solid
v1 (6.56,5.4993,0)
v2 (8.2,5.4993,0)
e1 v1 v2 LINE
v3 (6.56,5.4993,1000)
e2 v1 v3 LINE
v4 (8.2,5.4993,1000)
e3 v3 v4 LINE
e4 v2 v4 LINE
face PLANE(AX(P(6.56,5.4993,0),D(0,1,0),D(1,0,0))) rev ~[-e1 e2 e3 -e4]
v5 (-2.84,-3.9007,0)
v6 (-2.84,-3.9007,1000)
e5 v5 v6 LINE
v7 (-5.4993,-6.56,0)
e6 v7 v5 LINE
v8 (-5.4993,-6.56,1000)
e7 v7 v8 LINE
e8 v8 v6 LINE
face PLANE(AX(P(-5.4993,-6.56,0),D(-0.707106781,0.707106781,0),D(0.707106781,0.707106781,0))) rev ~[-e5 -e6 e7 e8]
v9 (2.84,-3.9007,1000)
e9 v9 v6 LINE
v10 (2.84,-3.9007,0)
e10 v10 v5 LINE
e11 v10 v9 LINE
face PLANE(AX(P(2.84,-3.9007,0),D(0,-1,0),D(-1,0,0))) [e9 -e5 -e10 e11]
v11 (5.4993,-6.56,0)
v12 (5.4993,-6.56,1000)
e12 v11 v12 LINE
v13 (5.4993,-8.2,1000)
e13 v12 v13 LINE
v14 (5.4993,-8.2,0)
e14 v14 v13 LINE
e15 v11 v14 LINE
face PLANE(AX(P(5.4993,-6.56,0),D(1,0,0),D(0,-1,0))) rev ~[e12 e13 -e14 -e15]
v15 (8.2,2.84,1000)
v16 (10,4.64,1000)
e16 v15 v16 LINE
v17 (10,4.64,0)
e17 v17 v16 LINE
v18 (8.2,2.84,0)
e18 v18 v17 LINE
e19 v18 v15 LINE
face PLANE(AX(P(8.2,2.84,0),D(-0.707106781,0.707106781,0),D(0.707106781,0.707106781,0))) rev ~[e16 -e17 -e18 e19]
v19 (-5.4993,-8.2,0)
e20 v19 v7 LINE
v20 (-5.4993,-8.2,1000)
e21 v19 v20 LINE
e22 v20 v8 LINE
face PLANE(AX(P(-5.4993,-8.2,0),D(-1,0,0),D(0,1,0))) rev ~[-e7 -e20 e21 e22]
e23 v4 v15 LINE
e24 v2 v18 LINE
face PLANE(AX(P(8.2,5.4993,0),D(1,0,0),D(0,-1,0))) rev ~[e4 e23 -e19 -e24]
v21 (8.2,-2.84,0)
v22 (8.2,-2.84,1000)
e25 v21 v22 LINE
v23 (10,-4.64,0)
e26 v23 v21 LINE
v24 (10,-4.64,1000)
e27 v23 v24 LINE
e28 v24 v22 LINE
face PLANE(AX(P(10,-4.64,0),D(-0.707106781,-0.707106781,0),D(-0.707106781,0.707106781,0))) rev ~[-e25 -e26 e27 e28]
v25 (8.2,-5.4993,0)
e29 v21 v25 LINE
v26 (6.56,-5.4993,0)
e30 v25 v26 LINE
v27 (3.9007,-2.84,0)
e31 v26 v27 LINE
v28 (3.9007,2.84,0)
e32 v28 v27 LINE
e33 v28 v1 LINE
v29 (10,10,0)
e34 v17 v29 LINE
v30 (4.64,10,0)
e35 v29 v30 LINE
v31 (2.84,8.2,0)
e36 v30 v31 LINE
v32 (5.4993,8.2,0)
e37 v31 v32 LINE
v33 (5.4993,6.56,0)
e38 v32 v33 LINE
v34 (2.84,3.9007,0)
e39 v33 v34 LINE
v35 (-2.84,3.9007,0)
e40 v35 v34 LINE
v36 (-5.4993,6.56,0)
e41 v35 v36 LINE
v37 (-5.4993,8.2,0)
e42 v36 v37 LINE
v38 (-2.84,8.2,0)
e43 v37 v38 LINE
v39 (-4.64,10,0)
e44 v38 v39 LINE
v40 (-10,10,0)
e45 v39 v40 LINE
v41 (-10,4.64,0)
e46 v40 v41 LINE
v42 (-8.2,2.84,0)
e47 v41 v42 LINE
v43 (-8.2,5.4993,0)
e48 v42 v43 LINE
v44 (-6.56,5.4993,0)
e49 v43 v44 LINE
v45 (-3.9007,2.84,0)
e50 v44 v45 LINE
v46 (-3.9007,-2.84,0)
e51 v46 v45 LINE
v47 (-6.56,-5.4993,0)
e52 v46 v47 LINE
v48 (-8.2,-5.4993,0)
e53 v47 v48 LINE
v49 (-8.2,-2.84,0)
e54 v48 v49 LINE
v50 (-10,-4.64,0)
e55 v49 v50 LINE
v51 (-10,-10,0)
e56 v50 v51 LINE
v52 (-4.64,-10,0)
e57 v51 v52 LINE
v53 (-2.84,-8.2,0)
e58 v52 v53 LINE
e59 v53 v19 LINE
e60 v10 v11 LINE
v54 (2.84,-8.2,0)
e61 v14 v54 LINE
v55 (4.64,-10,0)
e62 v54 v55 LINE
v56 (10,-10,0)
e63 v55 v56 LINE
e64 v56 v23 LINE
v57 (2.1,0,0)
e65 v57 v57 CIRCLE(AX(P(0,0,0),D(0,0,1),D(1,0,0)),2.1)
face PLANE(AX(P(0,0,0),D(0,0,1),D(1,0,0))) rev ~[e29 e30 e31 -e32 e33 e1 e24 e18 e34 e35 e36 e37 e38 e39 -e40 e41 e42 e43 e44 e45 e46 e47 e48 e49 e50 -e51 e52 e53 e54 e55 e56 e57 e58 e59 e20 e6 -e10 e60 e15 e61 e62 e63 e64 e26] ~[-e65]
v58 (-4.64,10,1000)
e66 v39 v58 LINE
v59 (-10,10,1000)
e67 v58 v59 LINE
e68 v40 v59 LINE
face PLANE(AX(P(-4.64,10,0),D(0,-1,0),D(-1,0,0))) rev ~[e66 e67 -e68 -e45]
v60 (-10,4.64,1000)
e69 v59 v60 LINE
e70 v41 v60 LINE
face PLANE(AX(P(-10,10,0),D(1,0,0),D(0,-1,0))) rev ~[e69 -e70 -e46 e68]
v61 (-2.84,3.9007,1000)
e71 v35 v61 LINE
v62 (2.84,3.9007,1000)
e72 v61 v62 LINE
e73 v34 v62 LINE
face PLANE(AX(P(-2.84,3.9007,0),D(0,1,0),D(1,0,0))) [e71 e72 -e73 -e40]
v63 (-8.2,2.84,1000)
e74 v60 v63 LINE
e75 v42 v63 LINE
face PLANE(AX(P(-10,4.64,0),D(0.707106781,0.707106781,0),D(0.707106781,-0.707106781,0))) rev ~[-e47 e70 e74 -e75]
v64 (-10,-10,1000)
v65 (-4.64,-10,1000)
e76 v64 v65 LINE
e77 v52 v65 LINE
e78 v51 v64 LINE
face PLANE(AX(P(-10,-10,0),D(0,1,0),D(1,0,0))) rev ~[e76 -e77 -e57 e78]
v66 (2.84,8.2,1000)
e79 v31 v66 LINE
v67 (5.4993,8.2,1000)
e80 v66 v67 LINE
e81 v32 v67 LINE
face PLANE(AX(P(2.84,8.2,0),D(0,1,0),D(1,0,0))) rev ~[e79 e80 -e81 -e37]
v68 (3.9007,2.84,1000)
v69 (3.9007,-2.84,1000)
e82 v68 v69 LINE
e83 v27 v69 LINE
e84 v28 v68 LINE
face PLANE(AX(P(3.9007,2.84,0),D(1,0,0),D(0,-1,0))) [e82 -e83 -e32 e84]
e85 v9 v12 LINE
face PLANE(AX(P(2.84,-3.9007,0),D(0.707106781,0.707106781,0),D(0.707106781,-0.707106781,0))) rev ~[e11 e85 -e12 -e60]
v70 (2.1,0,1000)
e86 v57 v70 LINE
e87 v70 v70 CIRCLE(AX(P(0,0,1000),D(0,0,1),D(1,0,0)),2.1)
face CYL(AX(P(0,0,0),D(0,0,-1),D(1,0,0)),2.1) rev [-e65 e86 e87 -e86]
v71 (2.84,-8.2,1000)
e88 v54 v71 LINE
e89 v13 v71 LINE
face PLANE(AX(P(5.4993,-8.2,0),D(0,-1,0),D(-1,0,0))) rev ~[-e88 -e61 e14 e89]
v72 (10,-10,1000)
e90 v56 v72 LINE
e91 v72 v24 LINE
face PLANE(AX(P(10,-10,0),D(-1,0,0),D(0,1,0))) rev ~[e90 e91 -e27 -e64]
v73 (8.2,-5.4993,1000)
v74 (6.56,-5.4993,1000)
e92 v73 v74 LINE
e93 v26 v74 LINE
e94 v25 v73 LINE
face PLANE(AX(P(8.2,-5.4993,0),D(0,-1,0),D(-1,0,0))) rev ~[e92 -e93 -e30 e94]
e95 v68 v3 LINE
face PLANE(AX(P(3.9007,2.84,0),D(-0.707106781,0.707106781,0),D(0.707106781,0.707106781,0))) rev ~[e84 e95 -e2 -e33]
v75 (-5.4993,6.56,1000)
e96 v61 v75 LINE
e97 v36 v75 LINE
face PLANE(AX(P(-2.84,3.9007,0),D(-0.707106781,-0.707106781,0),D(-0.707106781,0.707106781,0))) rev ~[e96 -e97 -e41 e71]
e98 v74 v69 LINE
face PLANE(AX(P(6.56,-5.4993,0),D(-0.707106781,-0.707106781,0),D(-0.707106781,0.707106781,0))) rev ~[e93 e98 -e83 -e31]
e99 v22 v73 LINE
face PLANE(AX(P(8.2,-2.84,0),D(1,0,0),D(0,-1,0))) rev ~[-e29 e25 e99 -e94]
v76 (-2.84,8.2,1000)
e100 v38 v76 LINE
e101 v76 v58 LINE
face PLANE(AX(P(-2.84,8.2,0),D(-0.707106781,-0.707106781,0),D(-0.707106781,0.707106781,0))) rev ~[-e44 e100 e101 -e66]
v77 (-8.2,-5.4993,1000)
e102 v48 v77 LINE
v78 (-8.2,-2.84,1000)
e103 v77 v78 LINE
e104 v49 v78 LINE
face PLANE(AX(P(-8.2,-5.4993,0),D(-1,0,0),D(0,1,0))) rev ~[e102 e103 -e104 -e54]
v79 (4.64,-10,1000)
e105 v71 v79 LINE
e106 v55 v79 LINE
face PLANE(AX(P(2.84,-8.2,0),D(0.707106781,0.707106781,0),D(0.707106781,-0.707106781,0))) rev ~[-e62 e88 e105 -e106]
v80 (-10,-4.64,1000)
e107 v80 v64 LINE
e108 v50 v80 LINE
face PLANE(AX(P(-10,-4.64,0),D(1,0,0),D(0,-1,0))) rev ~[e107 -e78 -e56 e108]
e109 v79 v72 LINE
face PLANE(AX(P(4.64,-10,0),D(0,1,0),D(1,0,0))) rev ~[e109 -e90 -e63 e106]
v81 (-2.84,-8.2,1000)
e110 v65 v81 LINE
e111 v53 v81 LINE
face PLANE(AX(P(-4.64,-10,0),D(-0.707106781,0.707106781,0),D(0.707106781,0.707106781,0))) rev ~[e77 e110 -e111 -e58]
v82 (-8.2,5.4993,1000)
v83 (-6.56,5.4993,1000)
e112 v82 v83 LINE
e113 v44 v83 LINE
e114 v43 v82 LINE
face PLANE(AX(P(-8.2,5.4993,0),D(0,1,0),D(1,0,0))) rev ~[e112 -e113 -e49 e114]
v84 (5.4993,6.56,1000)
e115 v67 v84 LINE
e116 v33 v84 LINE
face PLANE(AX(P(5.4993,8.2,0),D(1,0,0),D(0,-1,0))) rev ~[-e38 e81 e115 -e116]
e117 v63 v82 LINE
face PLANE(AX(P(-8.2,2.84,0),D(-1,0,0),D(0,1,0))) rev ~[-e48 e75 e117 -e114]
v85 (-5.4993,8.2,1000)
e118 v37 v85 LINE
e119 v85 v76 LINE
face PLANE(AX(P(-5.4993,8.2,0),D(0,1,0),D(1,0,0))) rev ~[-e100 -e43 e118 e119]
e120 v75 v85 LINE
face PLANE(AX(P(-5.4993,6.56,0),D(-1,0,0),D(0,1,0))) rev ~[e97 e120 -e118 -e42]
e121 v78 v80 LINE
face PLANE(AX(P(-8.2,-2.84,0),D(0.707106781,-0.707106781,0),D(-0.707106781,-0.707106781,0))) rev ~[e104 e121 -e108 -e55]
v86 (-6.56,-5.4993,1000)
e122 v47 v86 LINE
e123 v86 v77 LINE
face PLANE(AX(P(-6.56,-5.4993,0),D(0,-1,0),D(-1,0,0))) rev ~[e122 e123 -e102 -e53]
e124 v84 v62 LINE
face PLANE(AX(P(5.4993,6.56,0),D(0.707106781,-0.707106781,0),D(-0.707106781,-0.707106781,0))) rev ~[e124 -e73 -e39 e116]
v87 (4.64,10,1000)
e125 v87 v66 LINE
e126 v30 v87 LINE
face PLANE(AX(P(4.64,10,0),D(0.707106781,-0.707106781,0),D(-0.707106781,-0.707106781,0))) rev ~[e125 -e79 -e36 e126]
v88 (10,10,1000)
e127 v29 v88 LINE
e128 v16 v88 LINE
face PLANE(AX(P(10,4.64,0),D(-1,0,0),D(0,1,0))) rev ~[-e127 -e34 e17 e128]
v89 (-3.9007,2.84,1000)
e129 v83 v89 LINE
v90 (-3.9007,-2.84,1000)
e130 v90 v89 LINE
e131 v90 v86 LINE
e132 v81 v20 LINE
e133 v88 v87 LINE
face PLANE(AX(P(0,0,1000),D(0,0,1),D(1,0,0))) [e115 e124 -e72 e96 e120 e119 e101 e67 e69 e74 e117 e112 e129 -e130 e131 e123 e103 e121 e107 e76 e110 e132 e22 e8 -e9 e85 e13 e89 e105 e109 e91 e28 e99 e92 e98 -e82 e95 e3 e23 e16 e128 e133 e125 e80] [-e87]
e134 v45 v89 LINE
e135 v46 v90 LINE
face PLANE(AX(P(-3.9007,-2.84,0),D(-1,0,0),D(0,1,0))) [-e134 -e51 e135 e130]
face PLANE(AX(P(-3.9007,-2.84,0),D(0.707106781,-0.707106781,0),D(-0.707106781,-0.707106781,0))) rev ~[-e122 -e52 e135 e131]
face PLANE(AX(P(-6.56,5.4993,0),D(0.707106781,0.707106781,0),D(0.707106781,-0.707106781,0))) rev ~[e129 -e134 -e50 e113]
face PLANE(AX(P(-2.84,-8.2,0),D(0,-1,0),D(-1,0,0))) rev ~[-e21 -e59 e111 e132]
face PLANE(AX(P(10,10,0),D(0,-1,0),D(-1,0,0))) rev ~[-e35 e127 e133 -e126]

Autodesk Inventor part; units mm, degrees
ref_plane "YZ Plane" through (0, 0, 0) normal (1, 0, 0) x (0, 1, 0)
ref_plane "XZ Plane" through (0, 0, 0) normal (0, 1, 0) x (-1, 0, 0)
ref_plane "XY Plane" through (0, 0, 0) normal (0, 0, 1) x (1, 0, 0)
sketch "Sketch1" plane through (0, 0, 0) normal (0, 0, 1) x (1, 0, 0)
  line L0 (-3.9007, 3.9007) -> (3.9007, 3.9007)
  line L1 (3.9007, 3.9007) -> (3.9007, -3.9007)
  line L2 (3.9007, -3.9007) -> (-3.9007, -3.9007)
  line L3 (-3.9007, -3.9007) -> (-3.9007, 3.9007)
  line L4 (0, 3.9007) -> (0, -3.9007) construction
  line L5 (-3.9007, 0) -> (3.9007, 0) construction
  circle A0 centre (0, 0) radius 2.1
  line L6 (0, 0) -> (-16.1173, 16.1173) construction
  line L7 (0, 0) -> (22.7933, 0) construction
  line L8 (-2.84, 3.9007) -> (-5.4993, 6.56)
  line L9 (-5.4993, 6.56) -> (-5.4993, 8.2)
  line L10 (-5.4993, 8.2) -> (-2.84, 8.2)
  line L11 (-2.84, 8.2) -> (-4.64, 10)
  line L12 (-4.64, 10) -> (-10, 10)
  line L13 (-10, 10) -> (-10, 4.64)
  line L14 (-10, 4.64) -> (-8.2, 2.84)
  line L15 (-8.2, 2.84) -> (-8.2, 5.4993)
  line L16 (-8.2, 5.4993) -> (-6.56, 5.4993)
  line L17 (-6.56, 5.4993) -> (-3.9007, 2.84)
  line L18 (-3.9007, 2.84) -> (-11.3102, 2.84) construction
  line L19 (-2.84, 3.9007) -> (-3.9007, 3.9007)
  line L20 (-3.9007, 2.84) -> (-3.9007, 3.9007)
  line L21 (-3.9007, -2.84) -> (-6.56, -5.4993)
  line L22 (-6.56, -5.4993) -> (-8.2, -5.4993)
  line L23 (-8.2, -5.4993) -> (-8.2, -2.84)
  line L24 (-8.2, -2.84) -> (-10, -4.64)
  line L25 (-10, -4.64) -> (-10, -10)
  line L26 (-10, -10) -> (-4.64, -10)
  line L27 (-4.64, -10) -> (-2.84, -8.2)
  line L28 (-2.84, -8.2) -> (-5.4993, -8.2)
  line L29 (-5.4993, -8.2) -> (-5.4993, -6.56)
  line L30 (-5.4993, -6.56) -> (-2.84, -3.9007)
  line L31 (-3.9007, -2.84) -> (-3.9007, -3.9007)
  line L32 (-2.84, -3.9007) -> (-3.9007, -3.9007)
  line L33 (2.84, -3.9007) -> (5.4993, -6.56)
  line L34 (5.4993, -6.56) -> (5.4993, -8.2)
  line L35 (5.4993, -8.2) -> (2.84, -8.2)
  line L36 (2.84, -8.2) -> (4.64, -10)
  line L37 (4.64, -10) -> (10, -10)
  line L38 (10, -10) -> (10, -4.64)
  line L39 (10, -4.64) -> (8.2, -2.84)
  line L40 (8.2, -2.84) -> (8.2, -5.4993)
  line L41 (8.2, -5.4993) -> (6.56, -5.4993)
  line L42 (6.56, -5.4993) -> (3.9007, -2.84)
  line L43 (2.84, -3.9007) -> (3.9007, -3.9007)
  line L44 (3.9007, -2.84) -> (3.9007, -3.9007)
  line L45 (3.9007, 2.84) -> (6.56, 5.4993)
  line L46 (6.56, 5.4993) -> (8.2, 5.4993)
  line L47 (8.2, 5.4993) -> (8.2, 2.84)
  line L48 (8.2, 2.84) -> (10, 4.64)
  line L49 (10, 4.64) -> (10, 10)
  line L50 (10, 10) -> (4.64, 10)
  line L51 (4.64, 10) -> (2.84, 8.2)
  line L52 (2.84, 8.2) -> (5.4993, 8.2)
  line L53 (5.4993, 8.2) -> (5.4993, 6.56)
  line L54 (5.4993, 6.56) -> (2.84, 3.9007)
  line L55 (3.9007, 2.84) -> (3.9007, 3.9007)
  line L56 (2.84, 3.9007) -> (3.9007, 3.9007)
  dimension "d7" = 4.2
  dimension "d8" = 135
  dimension "d9" = 1.5
  dimension "d10" = 1.64
  dimension "d11" = 1.8
  dimension "d12" = 2.84
  dimension "d13" = 10
  dimension "d16" = 360
extrude "Extrusion1" add sketch "Sketch1" along normal blind 1000
properties part number "20x20x1000mm"
